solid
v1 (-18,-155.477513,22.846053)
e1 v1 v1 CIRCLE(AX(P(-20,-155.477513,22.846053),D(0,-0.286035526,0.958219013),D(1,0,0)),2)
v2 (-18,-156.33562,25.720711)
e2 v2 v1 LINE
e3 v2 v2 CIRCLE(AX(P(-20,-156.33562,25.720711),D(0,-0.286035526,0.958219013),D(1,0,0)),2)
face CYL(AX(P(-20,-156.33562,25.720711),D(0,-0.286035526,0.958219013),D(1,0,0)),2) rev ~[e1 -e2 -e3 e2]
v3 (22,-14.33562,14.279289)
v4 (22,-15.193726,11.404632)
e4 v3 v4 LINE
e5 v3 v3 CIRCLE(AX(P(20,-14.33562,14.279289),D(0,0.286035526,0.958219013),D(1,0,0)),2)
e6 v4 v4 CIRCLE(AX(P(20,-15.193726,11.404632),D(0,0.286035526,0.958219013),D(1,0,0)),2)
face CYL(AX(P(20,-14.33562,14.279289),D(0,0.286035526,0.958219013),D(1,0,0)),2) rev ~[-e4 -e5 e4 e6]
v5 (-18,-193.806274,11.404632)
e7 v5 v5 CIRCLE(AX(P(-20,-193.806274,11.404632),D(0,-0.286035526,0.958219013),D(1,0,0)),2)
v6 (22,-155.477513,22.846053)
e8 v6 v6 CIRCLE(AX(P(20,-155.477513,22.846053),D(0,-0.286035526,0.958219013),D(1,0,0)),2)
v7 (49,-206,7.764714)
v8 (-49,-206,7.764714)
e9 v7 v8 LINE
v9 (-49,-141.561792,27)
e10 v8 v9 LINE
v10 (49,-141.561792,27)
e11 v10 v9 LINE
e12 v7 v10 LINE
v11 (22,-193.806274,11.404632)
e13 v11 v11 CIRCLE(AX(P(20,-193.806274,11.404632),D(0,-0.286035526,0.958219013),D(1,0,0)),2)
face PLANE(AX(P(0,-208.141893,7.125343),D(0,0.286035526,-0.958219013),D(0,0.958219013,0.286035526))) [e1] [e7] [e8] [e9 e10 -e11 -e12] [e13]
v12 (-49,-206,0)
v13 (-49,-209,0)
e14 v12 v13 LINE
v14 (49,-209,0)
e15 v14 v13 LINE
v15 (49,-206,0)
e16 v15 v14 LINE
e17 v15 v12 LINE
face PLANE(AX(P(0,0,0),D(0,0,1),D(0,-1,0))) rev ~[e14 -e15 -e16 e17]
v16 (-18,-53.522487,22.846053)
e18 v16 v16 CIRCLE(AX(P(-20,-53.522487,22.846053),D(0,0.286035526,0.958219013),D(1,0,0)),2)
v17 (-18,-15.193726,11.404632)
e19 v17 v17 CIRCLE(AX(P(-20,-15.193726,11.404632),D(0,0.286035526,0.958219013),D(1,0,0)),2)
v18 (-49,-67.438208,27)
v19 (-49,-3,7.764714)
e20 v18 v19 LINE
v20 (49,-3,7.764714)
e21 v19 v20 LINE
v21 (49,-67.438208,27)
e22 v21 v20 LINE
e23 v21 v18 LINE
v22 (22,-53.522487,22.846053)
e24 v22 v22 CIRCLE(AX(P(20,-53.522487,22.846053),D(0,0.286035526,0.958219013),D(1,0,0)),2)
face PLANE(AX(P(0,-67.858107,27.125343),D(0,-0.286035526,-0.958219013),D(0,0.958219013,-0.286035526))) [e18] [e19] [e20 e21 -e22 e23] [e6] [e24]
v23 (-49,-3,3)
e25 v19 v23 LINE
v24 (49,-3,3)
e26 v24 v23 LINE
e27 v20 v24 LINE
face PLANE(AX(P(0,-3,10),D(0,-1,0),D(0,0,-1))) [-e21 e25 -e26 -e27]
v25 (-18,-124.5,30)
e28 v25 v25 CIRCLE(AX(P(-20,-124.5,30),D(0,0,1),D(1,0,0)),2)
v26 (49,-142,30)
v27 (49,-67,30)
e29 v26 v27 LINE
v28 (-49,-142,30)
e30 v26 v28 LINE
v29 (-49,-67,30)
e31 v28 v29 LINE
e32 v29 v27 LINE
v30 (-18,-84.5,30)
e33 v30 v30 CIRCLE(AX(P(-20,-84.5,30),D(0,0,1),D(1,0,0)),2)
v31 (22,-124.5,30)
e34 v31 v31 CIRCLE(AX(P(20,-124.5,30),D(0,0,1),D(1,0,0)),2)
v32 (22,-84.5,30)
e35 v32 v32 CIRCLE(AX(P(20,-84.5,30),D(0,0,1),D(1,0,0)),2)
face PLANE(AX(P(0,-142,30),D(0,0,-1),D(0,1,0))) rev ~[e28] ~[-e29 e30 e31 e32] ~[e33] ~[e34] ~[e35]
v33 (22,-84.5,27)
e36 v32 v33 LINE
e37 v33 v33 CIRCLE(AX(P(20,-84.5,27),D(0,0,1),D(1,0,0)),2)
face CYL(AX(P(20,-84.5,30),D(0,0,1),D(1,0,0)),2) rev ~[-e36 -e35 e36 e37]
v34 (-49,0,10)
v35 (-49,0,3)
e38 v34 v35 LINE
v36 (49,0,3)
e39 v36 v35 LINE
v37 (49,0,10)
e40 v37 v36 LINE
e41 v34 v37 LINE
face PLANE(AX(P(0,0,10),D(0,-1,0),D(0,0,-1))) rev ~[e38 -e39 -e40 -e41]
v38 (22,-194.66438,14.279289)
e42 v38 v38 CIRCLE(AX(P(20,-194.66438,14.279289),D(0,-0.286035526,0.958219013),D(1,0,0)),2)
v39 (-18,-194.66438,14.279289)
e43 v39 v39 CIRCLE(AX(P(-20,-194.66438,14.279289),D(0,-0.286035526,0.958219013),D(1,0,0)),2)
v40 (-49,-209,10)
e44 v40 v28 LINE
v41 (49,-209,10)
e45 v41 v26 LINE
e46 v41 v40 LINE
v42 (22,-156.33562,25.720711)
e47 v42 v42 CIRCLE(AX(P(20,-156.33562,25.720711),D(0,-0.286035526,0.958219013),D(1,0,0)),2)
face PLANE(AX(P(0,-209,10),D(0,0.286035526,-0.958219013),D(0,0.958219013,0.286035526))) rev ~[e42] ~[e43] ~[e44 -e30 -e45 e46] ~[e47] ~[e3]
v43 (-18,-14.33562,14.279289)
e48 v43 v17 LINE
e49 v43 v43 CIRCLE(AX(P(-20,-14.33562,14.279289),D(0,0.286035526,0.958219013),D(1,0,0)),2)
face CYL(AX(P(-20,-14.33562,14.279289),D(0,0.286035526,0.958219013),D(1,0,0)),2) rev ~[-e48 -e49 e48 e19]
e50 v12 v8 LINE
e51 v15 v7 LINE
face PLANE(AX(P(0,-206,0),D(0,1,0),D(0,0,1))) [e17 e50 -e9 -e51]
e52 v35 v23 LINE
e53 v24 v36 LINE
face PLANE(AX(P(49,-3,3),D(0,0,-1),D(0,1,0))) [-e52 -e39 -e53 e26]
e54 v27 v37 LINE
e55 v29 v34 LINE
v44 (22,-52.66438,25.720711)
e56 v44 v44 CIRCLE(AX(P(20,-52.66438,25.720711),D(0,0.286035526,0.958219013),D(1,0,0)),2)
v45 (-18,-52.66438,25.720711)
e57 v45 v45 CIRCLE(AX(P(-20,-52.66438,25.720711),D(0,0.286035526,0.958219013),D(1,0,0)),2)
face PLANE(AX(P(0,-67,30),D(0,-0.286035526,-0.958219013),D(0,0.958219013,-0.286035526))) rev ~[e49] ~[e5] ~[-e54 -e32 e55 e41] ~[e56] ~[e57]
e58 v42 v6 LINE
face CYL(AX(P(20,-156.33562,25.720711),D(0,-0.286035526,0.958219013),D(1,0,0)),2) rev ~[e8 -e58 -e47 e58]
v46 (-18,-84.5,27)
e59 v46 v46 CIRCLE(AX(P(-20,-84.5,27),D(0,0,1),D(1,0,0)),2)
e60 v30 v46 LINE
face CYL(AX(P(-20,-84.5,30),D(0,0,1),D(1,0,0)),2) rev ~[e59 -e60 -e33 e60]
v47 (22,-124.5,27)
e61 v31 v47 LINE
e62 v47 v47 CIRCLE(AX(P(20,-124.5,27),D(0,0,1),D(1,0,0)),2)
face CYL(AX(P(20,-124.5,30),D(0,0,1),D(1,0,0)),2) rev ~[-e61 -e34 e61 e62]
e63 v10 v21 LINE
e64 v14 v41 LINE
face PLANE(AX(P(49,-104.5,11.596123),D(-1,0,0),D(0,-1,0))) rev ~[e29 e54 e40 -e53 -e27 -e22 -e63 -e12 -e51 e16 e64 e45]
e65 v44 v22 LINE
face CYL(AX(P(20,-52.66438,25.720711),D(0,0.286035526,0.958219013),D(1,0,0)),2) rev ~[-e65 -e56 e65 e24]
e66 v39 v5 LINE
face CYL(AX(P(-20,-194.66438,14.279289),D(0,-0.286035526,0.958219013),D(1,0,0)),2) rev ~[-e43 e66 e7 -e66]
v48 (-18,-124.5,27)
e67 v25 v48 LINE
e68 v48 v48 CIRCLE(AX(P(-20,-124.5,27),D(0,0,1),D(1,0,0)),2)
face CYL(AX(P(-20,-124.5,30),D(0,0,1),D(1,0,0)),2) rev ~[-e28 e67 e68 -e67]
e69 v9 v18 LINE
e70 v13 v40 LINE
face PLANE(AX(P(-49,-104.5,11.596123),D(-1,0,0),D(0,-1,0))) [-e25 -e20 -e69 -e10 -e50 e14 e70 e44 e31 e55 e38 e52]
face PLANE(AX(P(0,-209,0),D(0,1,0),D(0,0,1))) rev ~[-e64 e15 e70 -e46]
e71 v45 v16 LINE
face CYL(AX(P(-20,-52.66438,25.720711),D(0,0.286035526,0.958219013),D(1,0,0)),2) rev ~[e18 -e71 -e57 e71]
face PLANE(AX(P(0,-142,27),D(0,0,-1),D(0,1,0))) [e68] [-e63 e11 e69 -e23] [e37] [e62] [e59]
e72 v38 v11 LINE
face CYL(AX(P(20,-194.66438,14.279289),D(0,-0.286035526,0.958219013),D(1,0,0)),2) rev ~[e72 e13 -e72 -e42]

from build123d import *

# Parameters (mm, degrees)
PAD009_DEPTH    = 49
THICKNESS002_T  = -3
SKETCH010_W     = 3
SKETCH010_H     = 3
POCKET_DEPTH    = 98.001
SKETCH011_R     = 2
POCKET001_DEPTH = 3
SKETCH012_R     = 2
POCKET002_DEPTH = 3
SKETCH013_R     = 2
POCKET003_DEPTH = 3


with BuildPart() as part:
    # Sketch009 → Pad009 (new body, symmetric)
    with BuildSketch(Plane.YZ):
        Polygon((0, 0), (-209, 0), (-209, 10), (-142, 30), (-67, 30), (0, 10), align=None)
    extrude(amount=PAD009_DEPTH, both=True)

    # Thickness002
    thickness002_openings = [part.faces().sort_by_distance(p)[0] for p in [
        (49, -104.5, 12.734956),
        (0, -104.5, 0),
        (-49, -104.5, 12.734956),
    ]]
    offset(amount=THICKNESS002_T, openings=thickness002_openings)

    # Sketch010 (on Face6 of Thickness002) → Pocket (cut, through all)
    with BuildSketch(Plane.YZ.offset(49)):
        with Locations((-1.5, 1.5)):
            Rectangle(SKETCH010_W, SKETCH010_H)
    extrude(amount=-POCKET_DEPTH, mode=Mode.SUBTRACT)

    # Sketch011 (on Face3 of Pocket) → Pocket001 (cut)
    with BuildSketch(Plane(origin=(0, -19.8404581714, 66.4655348742), x_dir=(1, 0, 0), z_dir=(0, -0.2860355264, 0.9582190134))):
        with Locations((-20, -142.4467263242)):
            Circle(SKETCH011_R)
        with Locations((20, -142.4467263242)):
            Circle(SKETCH011_R)
        with Locations((20, -182.4467263242)):
            Circle(SKETCH011_R)
        with Locations((-20, -182.4467263242)):
            Circle(SKETCH011_R)
    extrude(amount=-POCKET001_DEPTH, mode=Mode.SUBTRACT)

    # Sketch012 (on Face7 of Pocket001) → Pocket002 (cut)
    with BuildSketch(Plane.XY.offset(30)):
        with Locations((-20, -124.5)):
            Circle(SKETCH012_R)
        with Locations((20, -124.5)):
            Circle(SKETCH012_R)
        with Locations((-20, -84.5)):
            Circle(SKETCH012_R)
        with Locations((20, -84.5)):
            Circle(SKETCH012_R)
    extrude(amount=-POCKET002_DEPTH, mode=Mode.SUBTRACT)

    # Sketch013 (on Face13 of Pocket002) → Pocket003 (cut)
    with BuildSketch(Plane(origin=(0, 2.7408467989, 9.1818367764), x_dir=(1, 0, 0), z_dir=(0, 0.2860355264, 0.9582190134))):
        with Locations((-20, -17.8210474767)):
            Circle(SKETCH013_R)
        with Locations((20, -17.8210474767)):
            Circle(SKETCH013_R)
        with Locations((20, -57.8210474767)):
            Circle(SKETCH013_R)
        with Locations((-20, -57.8210474767)):
            Circle(SKETCH013_R)
    extrude(amount=-POCKET003_DEPTH, mode=Mode.SUBTRACT)


solid = part.part
